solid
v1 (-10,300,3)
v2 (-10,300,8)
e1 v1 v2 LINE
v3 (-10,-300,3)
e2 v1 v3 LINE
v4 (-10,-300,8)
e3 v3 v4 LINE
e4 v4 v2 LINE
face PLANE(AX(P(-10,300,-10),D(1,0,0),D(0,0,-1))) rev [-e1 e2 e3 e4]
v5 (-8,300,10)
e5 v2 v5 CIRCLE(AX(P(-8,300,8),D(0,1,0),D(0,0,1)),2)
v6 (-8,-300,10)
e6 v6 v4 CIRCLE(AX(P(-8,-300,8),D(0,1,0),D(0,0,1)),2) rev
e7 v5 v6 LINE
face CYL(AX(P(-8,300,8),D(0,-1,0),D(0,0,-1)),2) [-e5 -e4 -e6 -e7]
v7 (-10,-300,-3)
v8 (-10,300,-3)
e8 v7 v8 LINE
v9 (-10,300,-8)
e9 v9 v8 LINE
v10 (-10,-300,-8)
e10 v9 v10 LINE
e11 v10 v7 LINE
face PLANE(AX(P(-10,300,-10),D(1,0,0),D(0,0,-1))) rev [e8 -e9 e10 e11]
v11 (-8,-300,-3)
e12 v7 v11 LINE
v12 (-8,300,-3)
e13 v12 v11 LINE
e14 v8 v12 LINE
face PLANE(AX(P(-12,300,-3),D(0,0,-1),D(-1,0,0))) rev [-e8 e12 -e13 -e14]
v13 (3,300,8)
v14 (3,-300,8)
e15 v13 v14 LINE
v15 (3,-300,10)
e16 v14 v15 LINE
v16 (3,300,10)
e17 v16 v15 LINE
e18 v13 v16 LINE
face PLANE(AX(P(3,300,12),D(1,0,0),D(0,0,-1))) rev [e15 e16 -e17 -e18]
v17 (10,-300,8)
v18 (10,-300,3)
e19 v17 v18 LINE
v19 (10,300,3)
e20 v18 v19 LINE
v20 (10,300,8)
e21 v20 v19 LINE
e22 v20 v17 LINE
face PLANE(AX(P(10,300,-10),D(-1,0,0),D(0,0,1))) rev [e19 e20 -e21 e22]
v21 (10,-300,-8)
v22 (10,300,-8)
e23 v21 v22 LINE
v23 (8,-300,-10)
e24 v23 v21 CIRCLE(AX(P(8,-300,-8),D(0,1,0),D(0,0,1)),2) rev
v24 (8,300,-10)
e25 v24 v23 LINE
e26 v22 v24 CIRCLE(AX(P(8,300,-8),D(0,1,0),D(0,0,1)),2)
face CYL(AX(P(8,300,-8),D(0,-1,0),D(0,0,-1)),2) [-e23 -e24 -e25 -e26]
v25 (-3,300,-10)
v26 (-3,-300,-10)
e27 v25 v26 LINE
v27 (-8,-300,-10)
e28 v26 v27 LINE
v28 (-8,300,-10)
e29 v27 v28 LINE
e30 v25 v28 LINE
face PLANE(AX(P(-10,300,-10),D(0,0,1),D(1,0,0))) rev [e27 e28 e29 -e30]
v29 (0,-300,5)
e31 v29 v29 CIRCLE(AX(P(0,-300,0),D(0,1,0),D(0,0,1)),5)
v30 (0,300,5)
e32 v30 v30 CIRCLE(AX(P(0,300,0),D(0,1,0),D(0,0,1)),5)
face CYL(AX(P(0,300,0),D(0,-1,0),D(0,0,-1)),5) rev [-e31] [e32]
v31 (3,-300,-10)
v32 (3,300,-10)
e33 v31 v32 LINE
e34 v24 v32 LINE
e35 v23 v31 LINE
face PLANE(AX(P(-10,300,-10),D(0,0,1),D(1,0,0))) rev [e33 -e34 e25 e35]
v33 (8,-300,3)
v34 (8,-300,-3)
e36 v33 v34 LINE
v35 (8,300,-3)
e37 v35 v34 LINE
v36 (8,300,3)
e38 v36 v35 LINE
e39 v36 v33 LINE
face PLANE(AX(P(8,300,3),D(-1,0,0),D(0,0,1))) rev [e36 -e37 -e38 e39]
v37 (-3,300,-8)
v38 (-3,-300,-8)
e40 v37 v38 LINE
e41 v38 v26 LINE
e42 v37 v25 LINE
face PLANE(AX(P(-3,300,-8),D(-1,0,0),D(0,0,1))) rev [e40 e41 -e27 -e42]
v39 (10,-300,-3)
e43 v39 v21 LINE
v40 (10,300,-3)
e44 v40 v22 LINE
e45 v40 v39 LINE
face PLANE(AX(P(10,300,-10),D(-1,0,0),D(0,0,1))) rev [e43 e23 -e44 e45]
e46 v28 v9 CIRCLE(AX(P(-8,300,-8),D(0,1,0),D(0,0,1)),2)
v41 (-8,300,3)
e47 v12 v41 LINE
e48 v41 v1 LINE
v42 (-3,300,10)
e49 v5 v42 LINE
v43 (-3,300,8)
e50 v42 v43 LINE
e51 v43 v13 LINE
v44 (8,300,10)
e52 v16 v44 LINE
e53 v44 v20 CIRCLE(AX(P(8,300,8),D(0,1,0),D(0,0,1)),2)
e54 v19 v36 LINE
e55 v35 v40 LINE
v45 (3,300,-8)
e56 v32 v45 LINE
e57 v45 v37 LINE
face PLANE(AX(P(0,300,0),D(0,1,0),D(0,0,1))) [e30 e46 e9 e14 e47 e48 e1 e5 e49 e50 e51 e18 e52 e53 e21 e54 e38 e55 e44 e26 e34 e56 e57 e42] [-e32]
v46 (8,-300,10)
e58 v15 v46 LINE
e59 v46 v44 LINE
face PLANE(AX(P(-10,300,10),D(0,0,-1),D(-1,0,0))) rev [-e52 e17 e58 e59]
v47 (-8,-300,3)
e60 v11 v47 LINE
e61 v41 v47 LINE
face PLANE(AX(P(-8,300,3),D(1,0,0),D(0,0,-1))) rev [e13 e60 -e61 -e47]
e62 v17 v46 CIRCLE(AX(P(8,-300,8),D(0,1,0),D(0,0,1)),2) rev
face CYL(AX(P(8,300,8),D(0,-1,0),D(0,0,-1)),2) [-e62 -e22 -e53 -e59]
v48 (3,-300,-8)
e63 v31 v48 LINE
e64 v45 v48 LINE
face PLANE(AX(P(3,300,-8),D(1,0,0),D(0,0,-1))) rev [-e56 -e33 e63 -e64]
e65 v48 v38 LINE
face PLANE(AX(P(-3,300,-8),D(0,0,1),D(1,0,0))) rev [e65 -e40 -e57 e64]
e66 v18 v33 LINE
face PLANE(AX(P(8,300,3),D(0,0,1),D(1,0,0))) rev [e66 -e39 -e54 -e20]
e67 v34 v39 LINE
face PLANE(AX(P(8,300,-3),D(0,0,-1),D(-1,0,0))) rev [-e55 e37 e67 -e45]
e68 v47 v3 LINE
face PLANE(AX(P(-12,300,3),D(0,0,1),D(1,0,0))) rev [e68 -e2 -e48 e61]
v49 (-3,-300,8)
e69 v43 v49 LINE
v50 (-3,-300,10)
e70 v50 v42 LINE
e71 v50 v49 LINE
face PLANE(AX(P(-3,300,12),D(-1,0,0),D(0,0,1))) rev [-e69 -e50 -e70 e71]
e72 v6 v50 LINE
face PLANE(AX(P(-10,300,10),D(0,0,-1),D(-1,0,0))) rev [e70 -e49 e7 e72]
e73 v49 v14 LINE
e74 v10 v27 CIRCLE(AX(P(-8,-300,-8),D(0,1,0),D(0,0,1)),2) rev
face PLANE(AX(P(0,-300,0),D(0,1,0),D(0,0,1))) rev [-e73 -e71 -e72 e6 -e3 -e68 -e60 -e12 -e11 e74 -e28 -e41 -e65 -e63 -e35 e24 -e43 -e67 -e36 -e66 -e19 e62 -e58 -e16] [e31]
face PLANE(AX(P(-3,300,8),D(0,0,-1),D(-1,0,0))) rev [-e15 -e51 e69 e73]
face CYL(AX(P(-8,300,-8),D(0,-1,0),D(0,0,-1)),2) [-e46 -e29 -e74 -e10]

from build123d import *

# Parameters (mm, degrees)
SKETCH1_W           = 20
SKETCH1_H           = 20
SKETCH1_R           = 5
BOSS_EXTRUDE2_DEPTH = 300
SKETCH2_W           = 6
SKETCH2_H           = 4
SKETCH2_W_2         = 4
SKETCH2_H_2         = 6
CUT_EXTRUDE1_DEPTH  = 600
FILLET1_R           = 2


with BuildPart() as part:
    # Sketch1 → Boss-Extrude2 (new body, symmetric)
    with BuildSketch(Plane(origin=(0, 0, 0), x_dir=(1, 0, 0), z_dir=(0, 1, 0))):
        Rectangle(SKETCH1_W, SKETCH1_H)
        Circle(SKETCH1_R, mode=Mode.SUBTRACT)
    extrude(amount=BOSS_EXTRUDE2_DEPTH, both=True)

    # Sketch2 → Cut-Extrude1 (cut)
    with BuildSketch(Plane.XZ.offset(300)):
        with Locations((0, 10)):
            Rectangle(SKETCH2_W, SKETCH2_H)
        with Locations((10, 0)):
            Rectangle(SKETCH2_W_2, SKETCH2_H_2)
        with Locations((0, -10)):
            Rectangle(SKETCH2_W, SKETCH2_H)
        with Locations((-10, 0)):
            Rectangle(SKETCH2_W_2, SKETCH2_H_2)
    extrude(amount=-CUT_EXTRUDE1_DEPTH, mode=Mode.SUBTRACT)

    # Fillet1
    fillet1_edges = [part.edges().sort_by_distance(p)[0] for p in [
        (10, 0, 10),
        (-10, 0, 10),
        (-10, 0, -10),
        (10, 0, -10),
    ]]
    fillet(fillet1_edges, radius=FILLET1_R)


solid = part.part
